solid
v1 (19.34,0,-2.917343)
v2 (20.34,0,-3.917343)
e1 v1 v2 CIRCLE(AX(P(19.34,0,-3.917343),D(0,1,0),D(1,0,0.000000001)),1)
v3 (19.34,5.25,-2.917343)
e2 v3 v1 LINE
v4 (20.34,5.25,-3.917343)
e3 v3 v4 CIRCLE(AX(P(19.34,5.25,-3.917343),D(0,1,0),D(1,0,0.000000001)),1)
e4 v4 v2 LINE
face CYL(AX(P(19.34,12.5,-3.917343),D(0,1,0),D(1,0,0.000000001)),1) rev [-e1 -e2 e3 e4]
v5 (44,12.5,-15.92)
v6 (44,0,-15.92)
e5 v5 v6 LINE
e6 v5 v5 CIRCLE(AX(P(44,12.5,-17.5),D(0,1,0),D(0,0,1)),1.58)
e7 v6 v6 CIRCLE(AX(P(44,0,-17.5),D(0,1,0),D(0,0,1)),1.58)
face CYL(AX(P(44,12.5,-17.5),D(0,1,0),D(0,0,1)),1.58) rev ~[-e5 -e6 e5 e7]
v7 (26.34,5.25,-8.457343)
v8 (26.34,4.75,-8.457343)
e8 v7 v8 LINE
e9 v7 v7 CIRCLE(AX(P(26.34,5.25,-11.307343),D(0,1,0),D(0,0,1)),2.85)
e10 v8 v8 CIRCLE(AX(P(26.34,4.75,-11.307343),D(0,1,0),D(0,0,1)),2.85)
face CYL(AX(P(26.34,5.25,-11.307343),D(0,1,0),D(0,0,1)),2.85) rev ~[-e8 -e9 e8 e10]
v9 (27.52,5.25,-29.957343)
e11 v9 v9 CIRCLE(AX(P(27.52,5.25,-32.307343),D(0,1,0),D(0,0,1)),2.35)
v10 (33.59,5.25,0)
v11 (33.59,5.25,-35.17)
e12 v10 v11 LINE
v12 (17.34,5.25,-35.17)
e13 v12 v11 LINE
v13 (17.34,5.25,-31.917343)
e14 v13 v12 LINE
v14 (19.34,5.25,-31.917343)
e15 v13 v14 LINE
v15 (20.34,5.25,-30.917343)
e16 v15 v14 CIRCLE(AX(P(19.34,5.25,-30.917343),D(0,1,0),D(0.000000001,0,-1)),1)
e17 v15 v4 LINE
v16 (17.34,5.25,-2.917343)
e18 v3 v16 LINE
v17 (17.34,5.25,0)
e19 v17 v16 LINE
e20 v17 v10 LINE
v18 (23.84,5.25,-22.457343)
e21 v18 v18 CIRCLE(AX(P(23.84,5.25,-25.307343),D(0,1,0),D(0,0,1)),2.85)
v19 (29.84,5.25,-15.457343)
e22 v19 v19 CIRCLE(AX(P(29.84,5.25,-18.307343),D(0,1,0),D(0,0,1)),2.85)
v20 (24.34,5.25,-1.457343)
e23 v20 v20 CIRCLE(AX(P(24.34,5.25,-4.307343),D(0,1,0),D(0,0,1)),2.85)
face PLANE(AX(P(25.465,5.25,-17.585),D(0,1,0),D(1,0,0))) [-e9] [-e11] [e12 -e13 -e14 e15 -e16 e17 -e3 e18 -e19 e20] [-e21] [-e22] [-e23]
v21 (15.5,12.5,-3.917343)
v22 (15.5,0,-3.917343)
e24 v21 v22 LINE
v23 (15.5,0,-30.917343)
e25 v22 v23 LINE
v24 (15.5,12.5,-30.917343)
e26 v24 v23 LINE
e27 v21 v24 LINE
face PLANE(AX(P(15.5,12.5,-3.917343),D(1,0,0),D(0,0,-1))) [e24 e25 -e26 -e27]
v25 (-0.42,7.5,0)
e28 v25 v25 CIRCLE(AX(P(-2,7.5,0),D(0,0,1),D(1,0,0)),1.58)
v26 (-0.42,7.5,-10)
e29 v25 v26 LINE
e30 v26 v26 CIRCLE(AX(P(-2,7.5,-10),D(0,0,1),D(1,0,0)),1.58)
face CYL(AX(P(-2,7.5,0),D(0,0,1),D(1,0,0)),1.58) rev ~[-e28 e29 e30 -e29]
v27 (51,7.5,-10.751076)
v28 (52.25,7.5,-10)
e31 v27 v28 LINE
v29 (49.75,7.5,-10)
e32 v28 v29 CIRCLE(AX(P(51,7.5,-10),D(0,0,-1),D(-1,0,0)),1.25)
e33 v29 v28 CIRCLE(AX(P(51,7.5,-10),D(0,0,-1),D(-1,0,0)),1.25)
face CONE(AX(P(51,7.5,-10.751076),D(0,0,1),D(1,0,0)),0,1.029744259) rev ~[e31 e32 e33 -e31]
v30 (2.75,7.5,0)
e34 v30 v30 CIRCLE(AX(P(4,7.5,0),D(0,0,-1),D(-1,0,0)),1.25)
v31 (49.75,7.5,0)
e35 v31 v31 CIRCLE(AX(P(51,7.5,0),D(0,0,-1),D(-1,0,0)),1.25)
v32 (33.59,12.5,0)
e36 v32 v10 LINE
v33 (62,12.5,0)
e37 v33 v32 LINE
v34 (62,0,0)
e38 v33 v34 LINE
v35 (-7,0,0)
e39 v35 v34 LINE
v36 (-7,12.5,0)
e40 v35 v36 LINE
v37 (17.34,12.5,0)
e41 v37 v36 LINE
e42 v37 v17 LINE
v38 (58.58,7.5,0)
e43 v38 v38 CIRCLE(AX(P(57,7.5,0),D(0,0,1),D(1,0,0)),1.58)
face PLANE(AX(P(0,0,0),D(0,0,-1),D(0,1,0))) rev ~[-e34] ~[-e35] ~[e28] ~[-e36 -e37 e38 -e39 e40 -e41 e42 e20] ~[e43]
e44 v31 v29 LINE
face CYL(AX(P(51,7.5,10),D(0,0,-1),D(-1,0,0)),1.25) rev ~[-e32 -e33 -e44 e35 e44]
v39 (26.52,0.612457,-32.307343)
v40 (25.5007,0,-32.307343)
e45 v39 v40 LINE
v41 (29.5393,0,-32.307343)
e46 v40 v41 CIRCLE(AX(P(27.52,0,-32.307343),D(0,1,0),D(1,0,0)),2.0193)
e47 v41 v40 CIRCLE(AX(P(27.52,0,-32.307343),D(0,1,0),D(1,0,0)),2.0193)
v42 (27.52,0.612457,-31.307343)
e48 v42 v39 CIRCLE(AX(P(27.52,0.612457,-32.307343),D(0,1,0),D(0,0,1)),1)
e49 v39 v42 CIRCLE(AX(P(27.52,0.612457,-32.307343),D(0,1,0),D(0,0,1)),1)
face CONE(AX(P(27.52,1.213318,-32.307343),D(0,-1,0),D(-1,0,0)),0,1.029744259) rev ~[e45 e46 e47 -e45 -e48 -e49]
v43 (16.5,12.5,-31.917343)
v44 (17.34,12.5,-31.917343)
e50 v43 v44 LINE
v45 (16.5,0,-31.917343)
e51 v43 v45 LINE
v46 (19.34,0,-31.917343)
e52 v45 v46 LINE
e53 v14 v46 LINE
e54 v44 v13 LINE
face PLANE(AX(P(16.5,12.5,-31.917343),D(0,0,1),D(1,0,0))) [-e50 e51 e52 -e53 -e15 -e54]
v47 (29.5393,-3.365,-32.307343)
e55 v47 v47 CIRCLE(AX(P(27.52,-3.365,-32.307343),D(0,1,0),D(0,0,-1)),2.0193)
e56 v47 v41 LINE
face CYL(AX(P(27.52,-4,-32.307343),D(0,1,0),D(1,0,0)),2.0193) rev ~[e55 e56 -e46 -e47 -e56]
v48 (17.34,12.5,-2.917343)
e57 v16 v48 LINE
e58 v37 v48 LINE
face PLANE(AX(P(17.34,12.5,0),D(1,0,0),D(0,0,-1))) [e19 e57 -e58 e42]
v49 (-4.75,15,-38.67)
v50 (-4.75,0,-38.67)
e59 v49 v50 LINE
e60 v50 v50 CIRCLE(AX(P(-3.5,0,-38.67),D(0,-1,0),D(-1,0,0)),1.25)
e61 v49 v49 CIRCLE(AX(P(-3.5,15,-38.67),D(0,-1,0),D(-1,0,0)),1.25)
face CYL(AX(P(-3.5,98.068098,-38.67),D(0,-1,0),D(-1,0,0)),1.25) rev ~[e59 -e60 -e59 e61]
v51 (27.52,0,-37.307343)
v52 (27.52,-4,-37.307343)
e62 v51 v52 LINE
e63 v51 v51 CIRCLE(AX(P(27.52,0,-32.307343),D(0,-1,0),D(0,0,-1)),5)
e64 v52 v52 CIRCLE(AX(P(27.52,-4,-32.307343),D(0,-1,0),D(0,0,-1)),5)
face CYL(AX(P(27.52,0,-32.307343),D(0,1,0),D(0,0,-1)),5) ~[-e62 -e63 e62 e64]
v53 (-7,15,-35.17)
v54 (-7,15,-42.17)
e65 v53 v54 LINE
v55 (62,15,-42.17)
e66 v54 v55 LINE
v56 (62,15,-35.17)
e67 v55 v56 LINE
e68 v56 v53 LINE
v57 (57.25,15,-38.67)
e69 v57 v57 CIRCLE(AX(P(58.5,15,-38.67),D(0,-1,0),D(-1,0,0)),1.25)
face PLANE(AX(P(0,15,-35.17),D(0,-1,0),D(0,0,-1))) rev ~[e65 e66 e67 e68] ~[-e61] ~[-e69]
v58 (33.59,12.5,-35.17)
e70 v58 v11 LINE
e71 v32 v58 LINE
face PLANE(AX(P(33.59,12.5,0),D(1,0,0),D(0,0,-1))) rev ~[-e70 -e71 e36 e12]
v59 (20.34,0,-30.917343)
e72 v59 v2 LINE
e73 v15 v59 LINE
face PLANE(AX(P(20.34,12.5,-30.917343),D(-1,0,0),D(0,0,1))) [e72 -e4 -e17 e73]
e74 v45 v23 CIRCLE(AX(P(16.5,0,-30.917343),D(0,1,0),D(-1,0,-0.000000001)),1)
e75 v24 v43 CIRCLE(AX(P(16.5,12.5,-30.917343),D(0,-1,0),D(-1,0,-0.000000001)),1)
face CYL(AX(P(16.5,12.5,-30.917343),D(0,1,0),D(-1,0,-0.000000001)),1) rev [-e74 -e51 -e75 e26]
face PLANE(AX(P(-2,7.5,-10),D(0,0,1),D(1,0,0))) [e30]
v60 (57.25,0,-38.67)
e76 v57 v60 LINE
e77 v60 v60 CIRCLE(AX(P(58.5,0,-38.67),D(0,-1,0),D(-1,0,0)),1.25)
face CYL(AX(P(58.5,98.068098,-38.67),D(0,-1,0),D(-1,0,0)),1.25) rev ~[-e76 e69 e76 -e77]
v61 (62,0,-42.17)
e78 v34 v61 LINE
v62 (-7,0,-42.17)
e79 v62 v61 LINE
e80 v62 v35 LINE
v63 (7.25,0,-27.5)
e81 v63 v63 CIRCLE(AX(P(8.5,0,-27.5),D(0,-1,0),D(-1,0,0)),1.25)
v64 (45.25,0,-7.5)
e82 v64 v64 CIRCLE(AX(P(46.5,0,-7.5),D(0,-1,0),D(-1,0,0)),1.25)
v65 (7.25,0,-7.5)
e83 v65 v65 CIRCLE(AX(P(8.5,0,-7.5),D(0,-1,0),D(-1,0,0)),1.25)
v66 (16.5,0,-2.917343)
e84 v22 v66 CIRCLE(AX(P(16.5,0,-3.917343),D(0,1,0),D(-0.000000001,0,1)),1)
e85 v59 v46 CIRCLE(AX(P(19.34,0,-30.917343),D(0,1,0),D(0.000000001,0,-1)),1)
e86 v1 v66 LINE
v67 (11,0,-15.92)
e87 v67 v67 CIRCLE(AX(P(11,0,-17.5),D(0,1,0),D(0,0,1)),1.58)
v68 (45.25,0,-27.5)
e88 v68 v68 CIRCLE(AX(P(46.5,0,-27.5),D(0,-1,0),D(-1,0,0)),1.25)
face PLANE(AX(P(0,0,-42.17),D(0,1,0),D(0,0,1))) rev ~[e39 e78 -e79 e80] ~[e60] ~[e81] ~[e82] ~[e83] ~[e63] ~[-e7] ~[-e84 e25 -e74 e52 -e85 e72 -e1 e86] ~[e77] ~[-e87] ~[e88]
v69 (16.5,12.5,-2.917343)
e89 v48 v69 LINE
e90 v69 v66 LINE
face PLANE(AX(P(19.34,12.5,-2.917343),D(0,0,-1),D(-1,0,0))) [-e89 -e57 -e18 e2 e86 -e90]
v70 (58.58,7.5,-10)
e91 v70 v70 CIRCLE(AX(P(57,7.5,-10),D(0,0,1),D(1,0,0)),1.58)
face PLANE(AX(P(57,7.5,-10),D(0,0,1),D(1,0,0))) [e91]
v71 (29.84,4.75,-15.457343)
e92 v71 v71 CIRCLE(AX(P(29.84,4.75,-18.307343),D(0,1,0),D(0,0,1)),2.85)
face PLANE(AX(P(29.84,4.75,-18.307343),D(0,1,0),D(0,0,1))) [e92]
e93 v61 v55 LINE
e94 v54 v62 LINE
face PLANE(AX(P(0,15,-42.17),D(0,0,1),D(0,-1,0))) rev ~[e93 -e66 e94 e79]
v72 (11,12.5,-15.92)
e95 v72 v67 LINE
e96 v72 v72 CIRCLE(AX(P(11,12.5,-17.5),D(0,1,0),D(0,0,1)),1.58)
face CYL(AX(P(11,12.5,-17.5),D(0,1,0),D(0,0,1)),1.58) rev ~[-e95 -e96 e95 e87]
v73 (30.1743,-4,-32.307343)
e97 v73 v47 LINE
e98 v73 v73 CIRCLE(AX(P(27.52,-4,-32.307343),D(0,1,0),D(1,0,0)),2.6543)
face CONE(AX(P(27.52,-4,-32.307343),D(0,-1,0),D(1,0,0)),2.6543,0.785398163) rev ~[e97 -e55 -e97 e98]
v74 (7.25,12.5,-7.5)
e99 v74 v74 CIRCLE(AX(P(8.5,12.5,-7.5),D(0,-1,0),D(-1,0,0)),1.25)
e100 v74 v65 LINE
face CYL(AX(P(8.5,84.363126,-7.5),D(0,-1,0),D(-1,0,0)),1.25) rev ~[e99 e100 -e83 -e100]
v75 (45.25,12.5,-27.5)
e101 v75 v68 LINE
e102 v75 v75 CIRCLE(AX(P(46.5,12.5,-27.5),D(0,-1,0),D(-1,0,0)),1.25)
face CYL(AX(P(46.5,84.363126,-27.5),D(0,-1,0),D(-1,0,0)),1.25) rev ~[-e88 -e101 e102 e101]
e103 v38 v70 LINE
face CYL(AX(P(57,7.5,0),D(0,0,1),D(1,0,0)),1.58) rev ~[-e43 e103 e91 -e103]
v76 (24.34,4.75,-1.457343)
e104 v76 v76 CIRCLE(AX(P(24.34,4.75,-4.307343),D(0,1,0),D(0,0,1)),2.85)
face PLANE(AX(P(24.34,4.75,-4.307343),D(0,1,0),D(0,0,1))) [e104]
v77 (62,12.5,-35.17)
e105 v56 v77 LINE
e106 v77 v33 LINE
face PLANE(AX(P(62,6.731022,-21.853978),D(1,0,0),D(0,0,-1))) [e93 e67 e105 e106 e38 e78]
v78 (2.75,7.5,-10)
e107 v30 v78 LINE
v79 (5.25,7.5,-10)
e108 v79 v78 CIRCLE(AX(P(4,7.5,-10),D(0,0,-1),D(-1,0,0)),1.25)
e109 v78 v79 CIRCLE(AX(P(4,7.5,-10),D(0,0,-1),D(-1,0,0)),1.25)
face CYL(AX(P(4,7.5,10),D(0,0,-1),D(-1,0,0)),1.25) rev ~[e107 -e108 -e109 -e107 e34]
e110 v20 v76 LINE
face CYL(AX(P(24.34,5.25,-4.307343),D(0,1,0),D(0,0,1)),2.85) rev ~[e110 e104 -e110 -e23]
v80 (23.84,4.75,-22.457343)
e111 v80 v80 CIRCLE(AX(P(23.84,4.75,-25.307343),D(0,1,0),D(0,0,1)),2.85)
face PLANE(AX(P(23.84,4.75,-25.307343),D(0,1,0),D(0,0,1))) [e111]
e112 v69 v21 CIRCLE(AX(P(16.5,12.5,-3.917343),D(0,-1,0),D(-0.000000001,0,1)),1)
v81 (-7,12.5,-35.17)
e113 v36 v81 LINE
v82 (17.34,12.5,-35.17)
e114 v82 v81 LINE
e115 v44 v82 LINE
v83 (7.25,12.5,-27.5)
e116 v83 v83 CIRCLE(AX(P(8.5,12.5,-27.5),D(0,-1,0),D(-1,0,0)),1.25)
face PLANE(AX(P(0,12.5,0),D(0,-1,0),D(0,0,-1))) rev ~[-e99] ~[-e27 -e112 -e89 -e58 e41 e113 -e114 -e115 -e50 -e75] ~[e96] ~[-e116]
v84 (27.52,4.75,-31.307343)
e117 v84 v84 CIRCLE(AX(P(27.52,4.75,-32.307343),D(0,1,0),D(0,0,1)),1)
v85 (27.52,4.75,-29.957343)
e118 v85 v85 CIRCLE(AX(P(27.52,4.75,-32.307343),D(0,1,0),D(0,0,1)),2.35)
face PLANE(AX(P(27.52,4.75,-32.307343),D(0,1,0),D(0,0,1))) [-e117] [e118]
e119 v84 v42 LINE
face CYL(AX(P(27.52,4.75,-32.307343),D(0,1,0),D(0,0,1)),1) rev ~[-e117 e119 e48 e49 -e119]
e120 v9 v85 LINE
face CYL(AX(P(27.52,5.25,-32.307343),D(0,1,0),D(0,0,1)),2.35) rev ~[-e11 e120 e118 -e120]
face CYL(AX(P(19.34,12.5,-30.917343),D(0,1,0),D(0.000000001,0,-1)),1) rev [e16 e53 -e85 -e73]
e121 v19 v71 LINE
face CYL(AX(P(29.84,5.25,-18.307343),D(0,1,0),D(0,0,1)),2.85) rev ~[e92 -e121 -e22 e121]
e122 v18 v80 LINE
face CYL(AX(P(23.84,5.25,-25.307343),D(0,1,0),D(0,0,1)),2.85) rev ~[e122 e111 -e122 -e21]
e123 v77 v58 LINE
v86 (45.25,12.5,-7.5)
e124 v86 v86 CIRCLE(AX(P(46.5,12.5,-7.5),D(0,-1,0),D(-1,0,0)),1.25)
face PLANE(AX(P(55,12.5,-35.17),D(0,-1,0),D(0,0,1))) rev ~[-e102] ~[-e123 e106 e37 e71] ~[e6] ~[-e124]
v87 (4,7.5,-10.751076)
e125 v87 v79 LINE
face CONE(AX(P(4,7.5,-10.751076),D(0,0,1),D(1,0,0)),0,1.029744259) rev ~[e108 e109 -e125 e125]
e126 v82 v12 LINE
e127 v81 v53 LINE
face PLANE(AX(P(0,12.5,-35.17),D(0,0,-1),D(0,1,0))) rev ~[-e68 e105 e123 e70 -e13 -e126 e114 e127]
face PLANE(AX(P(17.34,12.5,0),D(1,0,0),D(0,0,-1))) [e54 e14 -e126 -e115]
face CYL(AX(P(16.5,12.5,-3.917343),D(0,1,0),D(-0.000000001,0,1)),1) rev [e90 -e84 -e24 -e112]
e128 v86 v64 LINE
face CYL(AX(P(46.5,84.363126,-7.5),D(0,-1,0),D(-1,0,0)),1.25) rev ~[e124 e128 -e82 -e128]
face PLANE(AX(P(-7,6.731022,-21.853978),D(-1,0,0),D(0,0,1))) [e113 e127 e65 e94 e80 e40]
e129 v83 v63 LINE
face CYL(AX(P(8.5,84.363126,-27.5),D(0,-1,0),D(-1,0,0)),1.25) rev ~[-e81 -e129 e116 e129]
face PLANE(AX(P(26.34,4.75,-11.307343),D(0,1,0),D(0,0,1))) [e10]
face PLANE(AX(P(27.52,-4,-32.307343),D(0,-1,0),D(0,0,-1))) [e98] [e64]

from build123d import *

# Parameters (mm, degrees)
SKETCH1_W                            = 55
SKETCH1_H                            = 42.17
BOSS_EXTRUDE1_DEPTH                  = 12.5
SKETCH2_W                            = 55
SKETCH2_H                            = 7
BOSS_EXTRUDE2_DEPTH                  = 2.5
SKETCH3_W                            = 16.25
SKETCH3_H                            = 35.17
CUT_EXTRUDE1_DEPTH                   = 7.25
CUT_EXTRUDE2_DEPTH                   = 71.424135777
SKETCH5_R                            = 2.85
SKETCH5_R_2                          = 2.35
CUT_EXTRUDE3_DEPTH                   = 0.5
SKETCH7_R                            = 5
BOSS_EXTRUDE3_DEPTH                  = 4
TAP_DRILL_FOR_10_32_TAP1_D           = 4.0386
TAP_DRILL_FOR_10_32_TAP1_DEPTH       = 4
TAP_DRILL_FOR_10_32_TAP1_CSINK_D     = 5.3086
TAP_DRILL_FOR_10_32_TAP1_CSINK_ANGLE = 90
TAP_DRILL_FOR_10_32_TAP1_TIP         = 1.213317848
SKETCH11_R                           = 1
CUT_EXTRUDE4_DEPTH                   = 71.059770197
TAP_DRILL_FOR_M3X0_5_TAP1_D          = 2.5
SKETCH15_R                           = 1.58
CUT_EXTRUDE5_DEPTH                   = 72.242956845
TAP_DRILL_FOR_M3X0_5_TAP3_D          = 2.5
TAP_DRILL_FOR_M3X0_5_TAP3_DEPTH      = 10
TAP_DRILL_FOR_M3X0_5_TAP3_TIP        = 0.751075774
BOSS_EXTRUDE4_DEPTH                  = 7
BOSS_EXTRUDE5_DEPTH                  = 7
SKETCH24_R                           = 1.58
CUT_EXTRUDE6_DEPTH                   = 10
TAP_DRILL_FOR_M3X0_5_TAP2_D          = 2.5


with BuildPart() as part:
    # Sketch1 → Boss-Extrude1 (new body)
    with BuildSketch(Plane(origin=(0, 0, 0), x_dir=(1, 0, 0), z_dir=(0, 1, 0))):
        with Locations((27.5, 21.085)):
            Rectangle(SKETCH1_W, SKETCH1_H)
    extrude(amount=BOSS_EXTRUDE1_DEPTH)

    # Sketch2 → Boss-Extrude2 (add)
    with BuildSketch(Plane(origin=(0, 12.5, 0), x_dir=(1, 0, 0), z_dir=(0, 1, 0))):
        with Locations((27.5, 38.67)):
            Rectangle(SKETCH2_W, SKETCH2_H)
    extrude(amount=BOSS_EXTRUDE2_DEPTH)

    # Sketch3 → Cut-Extrude1 (cut)
    with BuildSketch(Plane(origin=(0, 12.5, 0), x_dir=(1, 0, 0), z_dir=(0, 1, 0))):
        with Locations((25.465, 17.585)):
            Rectangle(SKETCH3_W, SKETCH3_H)
    extrude(amount=-CUT_EXTRUDE1_DEPTH, mode=Mode.SUBTRACT)

    # Sketch4 → Cut-Extrude2 (cut, through all)
    with BuildSketch(Plane(origin=(0, 12.5, 0), x_dir=(1, 0, 0), z_dir=(0, 1, 0))):
        with BuildLine():
            Line((15.5, 3.917342747), (15.5, 30.917342747))
            ThreePointArc((15.5, 30.917342747), (15.792893219, 31.624449528), (16.5, 31.917342747))
            Line((16.5, 31.917342747), (19.34, 31.917342747))
            ThreePointArc((19.34, 31.917342747), (20.047106781, 31.624449528), (20.34, 30.917342747))
            Line((20.34, 30.917342747), (20.34, 3.917342747))
            ThreePointArc((20.34, 3.917342747), (20.047106781, 3.210235966), (19.34, 2.917342747))
            Line((19.34, 2.917342747), (16.5, 2.917342747))
            ThreePointArc((16.5, 2.917342747), (15.792893219, 3.210235966), (15.5, 3.917342747))
        make_face()
    extrude(amount=-CUT_EXTRUDE2_DEPTH, mode=Mode.SUBTRACT)

    # Sketch5 → Cut-Extrude3 (cut)
    with BuildSketch(Plane(origin=(0, 5.25, 0), x_dir=(1, 0, 0), z_dir=(0, 1, 0))):
        with Locations(Location((24.34, 4.307342747, 0), (0, 0, 270))):
            Circle(SKETCH5_R)
        with Locations(Location((26.34, 11.307342747, 0), (0, 0, 270))):
            Circle(SKETCH5_R)
        with Locations(Location((29.84, 18.307342747, 0), (0, 0, 270))):
            Circle(SKETCH5_R)
        with Locations(Location((23.84, 25.307342747, 0), (0, 0, 270))):
            Circle(SKETCH5_R)
        with Locations(Location((27.52, 32.307342747, 0), (0, 0, 270))):
            Circle(SKETCH5_R_2)
    extrude(amount=-CUT_EXTRUDE3_DEPTH, mode=Mode.SUBTRACT)

    # Sketch7 → Boss-Extrude3 (add)
    with BuildSketch(Plane.XZ):
        with Locations(Location((27.52, -32.307342747, 0), (0, 0, 270))):
            Circle(SKETCH7_R)
    extrude(amount=BOSS_EXTRUDE3_DEPTH)

    # Tap Drill for #10-32 Tap1
    with Locations(Plane(origin=(0, -4, 0), x_dir=(-1, 0, 0), z_dir=(0, -1, 0))):
        with Locations((-27.52, 32.307342747)):
            CounterSinkHole(TAP_DRILL_FOR_10_32_TAP1_D / 2, TAP_DRILL_FOR_10_32_TAP1_CSINK_D / 2, depth=TAP_DRILL_FOR_10_32_TAP1_DEPTH, counter_sink_angle=TAP_DRILL_FOR_10_32_TAP1_CSINK_ANGLE)
            with Locations((0, 0, -(TAP_DRILL_FOR_10_32_TAP1_DEPTH + TAP_DRILL_FOR_10_32_TAP1_TIP / 2))):  # 118° drill point
                Cone(0, TAP_DRILL_FOR_10_32_TAP1_D / 2, TAP_DRILL_FOR_10_32_TAP1_TIP, mode=Mode.SUBTRACT)

    # Sketch11 → Cut-Extrude4 (cut, through all)
    with BuildSketch(Plane(origin=(0, 4.75, 0), x_dir=(1, 0, 0), z_dir=(0, 1, 0))):
        with Locations(Location((27.52, 32.307342747, 0), (0, 0, 270))):
            Circle(SKETCH11_R)
    extrude(amount=-CUT_EXTRUDE4_DEPTH, mode=Mode.SUBTRACT)

    # Tap Drill for M3x0.5 Tap1 (through all)
    with Locations(Plane(origin=(0, 12.5, 0), x_dir=(1, 0, 0), z_dir=(0, 1, 0))):
        with Locations((8.5, 7.5), (8.5, 27.5), (46.5, 27.5), (46.5, 7.5)):
            Hole(TAP_DRILL_FOR_M3X0_5_TAP1_D / 2)

    # Sketch15 → Cut-Extrude5 (cut, through all)
    with BuildSketch(Plane(origin=(0, 12.5, 0), x_dir=(1, 0, 0), z_dir=(0, 1, 0))):
        with Locations(Location((11, 17.5, 0), (0, 0, 270))):
            Circle(SKETCH15_R)
        with Locations(Location((44, 17.5, 0), (0, 0, 270))):
            Circle(SKETCH15_R)
    extrude(amount=-CUT_EXTRUDE5_DEPTH, mode=Mode.SUBTRACT)

    # Tap Drill for M3x0.5 Tap3
    with Locations(Plane.XY):
        with Locations((4, 7.5), (51, 7.5)):
            Hole(TAP_DRILL_FOR_M3X0_5_TAP3_D / 2, depth=TAP_DRILL_FOR_M3X0_5_TAP3_DEPTH)
            with Locations((0, 0, -(TAP_DRILL_FOR_M3X0_5_TAP3_DEPTH + TAP_DRILL_FOR_M3X0_5_TAP3_TIP / 2))):  # 118° drill point
                Cone(0, TAP_DRILL_FOR_M3X0_5_TAP3_D / 2, TAP_DRILL_FOR_M3X0_5_TAP3_TIP, mode=Mode.SUBTRACT)

    # Sketch22 → Boss-Extrude4 (add)
    with BuildSketch(Plane(origin=(55, 0, 0), x_dir=(0, 0, -1), z_dir=(1, 0, 0))):
        Polygon((0, 0), (42.17, 0), (42.17, 15), (35.17, 15), (35.17, 12.5), (0, 12.5), align=None)
    extrude(amount=BOSS_EXTRUDE4_DEPTH)

    # Sketch23 → Boss-Extrude5 (add)
    with BuildSketch(Plane.ZY):
        Polygon((0, 0), (0, 12.5), (-35.17, 12.5), (-35.17, 15), (-42.17, 15), (-42.17, 0), align=None)
    extrude(amount=BOSS_EXTRUDE5_DEPTH)

    # Sketch24 → Cut-Extrude6 (cut)
    with BuildSketch(Plane.XY):
        with Locations((57, 7.5)):
            Circle(SKETCH24_R)
        with Locations((-2, 7.5)):
            Circle(SKETCH24_R)
    extrude(amount=-CUT_EXTRUDE6_DEPTH, mode=Mode.SUBTRACT)

    # Tap Drill for M3x0.5 Tap2 (through all)
    with Locations(Plane(origin=(0, 15, 0), x_dir=(1, 0, 0), z_dir=(0, 1, 0))):
        with Locations((-3.5, 38.67), (58.5, 38.67)):
            Hole(TAP_DRILL_FOR_M3X0_5_TAP2_D / 2)


solid = part.part
